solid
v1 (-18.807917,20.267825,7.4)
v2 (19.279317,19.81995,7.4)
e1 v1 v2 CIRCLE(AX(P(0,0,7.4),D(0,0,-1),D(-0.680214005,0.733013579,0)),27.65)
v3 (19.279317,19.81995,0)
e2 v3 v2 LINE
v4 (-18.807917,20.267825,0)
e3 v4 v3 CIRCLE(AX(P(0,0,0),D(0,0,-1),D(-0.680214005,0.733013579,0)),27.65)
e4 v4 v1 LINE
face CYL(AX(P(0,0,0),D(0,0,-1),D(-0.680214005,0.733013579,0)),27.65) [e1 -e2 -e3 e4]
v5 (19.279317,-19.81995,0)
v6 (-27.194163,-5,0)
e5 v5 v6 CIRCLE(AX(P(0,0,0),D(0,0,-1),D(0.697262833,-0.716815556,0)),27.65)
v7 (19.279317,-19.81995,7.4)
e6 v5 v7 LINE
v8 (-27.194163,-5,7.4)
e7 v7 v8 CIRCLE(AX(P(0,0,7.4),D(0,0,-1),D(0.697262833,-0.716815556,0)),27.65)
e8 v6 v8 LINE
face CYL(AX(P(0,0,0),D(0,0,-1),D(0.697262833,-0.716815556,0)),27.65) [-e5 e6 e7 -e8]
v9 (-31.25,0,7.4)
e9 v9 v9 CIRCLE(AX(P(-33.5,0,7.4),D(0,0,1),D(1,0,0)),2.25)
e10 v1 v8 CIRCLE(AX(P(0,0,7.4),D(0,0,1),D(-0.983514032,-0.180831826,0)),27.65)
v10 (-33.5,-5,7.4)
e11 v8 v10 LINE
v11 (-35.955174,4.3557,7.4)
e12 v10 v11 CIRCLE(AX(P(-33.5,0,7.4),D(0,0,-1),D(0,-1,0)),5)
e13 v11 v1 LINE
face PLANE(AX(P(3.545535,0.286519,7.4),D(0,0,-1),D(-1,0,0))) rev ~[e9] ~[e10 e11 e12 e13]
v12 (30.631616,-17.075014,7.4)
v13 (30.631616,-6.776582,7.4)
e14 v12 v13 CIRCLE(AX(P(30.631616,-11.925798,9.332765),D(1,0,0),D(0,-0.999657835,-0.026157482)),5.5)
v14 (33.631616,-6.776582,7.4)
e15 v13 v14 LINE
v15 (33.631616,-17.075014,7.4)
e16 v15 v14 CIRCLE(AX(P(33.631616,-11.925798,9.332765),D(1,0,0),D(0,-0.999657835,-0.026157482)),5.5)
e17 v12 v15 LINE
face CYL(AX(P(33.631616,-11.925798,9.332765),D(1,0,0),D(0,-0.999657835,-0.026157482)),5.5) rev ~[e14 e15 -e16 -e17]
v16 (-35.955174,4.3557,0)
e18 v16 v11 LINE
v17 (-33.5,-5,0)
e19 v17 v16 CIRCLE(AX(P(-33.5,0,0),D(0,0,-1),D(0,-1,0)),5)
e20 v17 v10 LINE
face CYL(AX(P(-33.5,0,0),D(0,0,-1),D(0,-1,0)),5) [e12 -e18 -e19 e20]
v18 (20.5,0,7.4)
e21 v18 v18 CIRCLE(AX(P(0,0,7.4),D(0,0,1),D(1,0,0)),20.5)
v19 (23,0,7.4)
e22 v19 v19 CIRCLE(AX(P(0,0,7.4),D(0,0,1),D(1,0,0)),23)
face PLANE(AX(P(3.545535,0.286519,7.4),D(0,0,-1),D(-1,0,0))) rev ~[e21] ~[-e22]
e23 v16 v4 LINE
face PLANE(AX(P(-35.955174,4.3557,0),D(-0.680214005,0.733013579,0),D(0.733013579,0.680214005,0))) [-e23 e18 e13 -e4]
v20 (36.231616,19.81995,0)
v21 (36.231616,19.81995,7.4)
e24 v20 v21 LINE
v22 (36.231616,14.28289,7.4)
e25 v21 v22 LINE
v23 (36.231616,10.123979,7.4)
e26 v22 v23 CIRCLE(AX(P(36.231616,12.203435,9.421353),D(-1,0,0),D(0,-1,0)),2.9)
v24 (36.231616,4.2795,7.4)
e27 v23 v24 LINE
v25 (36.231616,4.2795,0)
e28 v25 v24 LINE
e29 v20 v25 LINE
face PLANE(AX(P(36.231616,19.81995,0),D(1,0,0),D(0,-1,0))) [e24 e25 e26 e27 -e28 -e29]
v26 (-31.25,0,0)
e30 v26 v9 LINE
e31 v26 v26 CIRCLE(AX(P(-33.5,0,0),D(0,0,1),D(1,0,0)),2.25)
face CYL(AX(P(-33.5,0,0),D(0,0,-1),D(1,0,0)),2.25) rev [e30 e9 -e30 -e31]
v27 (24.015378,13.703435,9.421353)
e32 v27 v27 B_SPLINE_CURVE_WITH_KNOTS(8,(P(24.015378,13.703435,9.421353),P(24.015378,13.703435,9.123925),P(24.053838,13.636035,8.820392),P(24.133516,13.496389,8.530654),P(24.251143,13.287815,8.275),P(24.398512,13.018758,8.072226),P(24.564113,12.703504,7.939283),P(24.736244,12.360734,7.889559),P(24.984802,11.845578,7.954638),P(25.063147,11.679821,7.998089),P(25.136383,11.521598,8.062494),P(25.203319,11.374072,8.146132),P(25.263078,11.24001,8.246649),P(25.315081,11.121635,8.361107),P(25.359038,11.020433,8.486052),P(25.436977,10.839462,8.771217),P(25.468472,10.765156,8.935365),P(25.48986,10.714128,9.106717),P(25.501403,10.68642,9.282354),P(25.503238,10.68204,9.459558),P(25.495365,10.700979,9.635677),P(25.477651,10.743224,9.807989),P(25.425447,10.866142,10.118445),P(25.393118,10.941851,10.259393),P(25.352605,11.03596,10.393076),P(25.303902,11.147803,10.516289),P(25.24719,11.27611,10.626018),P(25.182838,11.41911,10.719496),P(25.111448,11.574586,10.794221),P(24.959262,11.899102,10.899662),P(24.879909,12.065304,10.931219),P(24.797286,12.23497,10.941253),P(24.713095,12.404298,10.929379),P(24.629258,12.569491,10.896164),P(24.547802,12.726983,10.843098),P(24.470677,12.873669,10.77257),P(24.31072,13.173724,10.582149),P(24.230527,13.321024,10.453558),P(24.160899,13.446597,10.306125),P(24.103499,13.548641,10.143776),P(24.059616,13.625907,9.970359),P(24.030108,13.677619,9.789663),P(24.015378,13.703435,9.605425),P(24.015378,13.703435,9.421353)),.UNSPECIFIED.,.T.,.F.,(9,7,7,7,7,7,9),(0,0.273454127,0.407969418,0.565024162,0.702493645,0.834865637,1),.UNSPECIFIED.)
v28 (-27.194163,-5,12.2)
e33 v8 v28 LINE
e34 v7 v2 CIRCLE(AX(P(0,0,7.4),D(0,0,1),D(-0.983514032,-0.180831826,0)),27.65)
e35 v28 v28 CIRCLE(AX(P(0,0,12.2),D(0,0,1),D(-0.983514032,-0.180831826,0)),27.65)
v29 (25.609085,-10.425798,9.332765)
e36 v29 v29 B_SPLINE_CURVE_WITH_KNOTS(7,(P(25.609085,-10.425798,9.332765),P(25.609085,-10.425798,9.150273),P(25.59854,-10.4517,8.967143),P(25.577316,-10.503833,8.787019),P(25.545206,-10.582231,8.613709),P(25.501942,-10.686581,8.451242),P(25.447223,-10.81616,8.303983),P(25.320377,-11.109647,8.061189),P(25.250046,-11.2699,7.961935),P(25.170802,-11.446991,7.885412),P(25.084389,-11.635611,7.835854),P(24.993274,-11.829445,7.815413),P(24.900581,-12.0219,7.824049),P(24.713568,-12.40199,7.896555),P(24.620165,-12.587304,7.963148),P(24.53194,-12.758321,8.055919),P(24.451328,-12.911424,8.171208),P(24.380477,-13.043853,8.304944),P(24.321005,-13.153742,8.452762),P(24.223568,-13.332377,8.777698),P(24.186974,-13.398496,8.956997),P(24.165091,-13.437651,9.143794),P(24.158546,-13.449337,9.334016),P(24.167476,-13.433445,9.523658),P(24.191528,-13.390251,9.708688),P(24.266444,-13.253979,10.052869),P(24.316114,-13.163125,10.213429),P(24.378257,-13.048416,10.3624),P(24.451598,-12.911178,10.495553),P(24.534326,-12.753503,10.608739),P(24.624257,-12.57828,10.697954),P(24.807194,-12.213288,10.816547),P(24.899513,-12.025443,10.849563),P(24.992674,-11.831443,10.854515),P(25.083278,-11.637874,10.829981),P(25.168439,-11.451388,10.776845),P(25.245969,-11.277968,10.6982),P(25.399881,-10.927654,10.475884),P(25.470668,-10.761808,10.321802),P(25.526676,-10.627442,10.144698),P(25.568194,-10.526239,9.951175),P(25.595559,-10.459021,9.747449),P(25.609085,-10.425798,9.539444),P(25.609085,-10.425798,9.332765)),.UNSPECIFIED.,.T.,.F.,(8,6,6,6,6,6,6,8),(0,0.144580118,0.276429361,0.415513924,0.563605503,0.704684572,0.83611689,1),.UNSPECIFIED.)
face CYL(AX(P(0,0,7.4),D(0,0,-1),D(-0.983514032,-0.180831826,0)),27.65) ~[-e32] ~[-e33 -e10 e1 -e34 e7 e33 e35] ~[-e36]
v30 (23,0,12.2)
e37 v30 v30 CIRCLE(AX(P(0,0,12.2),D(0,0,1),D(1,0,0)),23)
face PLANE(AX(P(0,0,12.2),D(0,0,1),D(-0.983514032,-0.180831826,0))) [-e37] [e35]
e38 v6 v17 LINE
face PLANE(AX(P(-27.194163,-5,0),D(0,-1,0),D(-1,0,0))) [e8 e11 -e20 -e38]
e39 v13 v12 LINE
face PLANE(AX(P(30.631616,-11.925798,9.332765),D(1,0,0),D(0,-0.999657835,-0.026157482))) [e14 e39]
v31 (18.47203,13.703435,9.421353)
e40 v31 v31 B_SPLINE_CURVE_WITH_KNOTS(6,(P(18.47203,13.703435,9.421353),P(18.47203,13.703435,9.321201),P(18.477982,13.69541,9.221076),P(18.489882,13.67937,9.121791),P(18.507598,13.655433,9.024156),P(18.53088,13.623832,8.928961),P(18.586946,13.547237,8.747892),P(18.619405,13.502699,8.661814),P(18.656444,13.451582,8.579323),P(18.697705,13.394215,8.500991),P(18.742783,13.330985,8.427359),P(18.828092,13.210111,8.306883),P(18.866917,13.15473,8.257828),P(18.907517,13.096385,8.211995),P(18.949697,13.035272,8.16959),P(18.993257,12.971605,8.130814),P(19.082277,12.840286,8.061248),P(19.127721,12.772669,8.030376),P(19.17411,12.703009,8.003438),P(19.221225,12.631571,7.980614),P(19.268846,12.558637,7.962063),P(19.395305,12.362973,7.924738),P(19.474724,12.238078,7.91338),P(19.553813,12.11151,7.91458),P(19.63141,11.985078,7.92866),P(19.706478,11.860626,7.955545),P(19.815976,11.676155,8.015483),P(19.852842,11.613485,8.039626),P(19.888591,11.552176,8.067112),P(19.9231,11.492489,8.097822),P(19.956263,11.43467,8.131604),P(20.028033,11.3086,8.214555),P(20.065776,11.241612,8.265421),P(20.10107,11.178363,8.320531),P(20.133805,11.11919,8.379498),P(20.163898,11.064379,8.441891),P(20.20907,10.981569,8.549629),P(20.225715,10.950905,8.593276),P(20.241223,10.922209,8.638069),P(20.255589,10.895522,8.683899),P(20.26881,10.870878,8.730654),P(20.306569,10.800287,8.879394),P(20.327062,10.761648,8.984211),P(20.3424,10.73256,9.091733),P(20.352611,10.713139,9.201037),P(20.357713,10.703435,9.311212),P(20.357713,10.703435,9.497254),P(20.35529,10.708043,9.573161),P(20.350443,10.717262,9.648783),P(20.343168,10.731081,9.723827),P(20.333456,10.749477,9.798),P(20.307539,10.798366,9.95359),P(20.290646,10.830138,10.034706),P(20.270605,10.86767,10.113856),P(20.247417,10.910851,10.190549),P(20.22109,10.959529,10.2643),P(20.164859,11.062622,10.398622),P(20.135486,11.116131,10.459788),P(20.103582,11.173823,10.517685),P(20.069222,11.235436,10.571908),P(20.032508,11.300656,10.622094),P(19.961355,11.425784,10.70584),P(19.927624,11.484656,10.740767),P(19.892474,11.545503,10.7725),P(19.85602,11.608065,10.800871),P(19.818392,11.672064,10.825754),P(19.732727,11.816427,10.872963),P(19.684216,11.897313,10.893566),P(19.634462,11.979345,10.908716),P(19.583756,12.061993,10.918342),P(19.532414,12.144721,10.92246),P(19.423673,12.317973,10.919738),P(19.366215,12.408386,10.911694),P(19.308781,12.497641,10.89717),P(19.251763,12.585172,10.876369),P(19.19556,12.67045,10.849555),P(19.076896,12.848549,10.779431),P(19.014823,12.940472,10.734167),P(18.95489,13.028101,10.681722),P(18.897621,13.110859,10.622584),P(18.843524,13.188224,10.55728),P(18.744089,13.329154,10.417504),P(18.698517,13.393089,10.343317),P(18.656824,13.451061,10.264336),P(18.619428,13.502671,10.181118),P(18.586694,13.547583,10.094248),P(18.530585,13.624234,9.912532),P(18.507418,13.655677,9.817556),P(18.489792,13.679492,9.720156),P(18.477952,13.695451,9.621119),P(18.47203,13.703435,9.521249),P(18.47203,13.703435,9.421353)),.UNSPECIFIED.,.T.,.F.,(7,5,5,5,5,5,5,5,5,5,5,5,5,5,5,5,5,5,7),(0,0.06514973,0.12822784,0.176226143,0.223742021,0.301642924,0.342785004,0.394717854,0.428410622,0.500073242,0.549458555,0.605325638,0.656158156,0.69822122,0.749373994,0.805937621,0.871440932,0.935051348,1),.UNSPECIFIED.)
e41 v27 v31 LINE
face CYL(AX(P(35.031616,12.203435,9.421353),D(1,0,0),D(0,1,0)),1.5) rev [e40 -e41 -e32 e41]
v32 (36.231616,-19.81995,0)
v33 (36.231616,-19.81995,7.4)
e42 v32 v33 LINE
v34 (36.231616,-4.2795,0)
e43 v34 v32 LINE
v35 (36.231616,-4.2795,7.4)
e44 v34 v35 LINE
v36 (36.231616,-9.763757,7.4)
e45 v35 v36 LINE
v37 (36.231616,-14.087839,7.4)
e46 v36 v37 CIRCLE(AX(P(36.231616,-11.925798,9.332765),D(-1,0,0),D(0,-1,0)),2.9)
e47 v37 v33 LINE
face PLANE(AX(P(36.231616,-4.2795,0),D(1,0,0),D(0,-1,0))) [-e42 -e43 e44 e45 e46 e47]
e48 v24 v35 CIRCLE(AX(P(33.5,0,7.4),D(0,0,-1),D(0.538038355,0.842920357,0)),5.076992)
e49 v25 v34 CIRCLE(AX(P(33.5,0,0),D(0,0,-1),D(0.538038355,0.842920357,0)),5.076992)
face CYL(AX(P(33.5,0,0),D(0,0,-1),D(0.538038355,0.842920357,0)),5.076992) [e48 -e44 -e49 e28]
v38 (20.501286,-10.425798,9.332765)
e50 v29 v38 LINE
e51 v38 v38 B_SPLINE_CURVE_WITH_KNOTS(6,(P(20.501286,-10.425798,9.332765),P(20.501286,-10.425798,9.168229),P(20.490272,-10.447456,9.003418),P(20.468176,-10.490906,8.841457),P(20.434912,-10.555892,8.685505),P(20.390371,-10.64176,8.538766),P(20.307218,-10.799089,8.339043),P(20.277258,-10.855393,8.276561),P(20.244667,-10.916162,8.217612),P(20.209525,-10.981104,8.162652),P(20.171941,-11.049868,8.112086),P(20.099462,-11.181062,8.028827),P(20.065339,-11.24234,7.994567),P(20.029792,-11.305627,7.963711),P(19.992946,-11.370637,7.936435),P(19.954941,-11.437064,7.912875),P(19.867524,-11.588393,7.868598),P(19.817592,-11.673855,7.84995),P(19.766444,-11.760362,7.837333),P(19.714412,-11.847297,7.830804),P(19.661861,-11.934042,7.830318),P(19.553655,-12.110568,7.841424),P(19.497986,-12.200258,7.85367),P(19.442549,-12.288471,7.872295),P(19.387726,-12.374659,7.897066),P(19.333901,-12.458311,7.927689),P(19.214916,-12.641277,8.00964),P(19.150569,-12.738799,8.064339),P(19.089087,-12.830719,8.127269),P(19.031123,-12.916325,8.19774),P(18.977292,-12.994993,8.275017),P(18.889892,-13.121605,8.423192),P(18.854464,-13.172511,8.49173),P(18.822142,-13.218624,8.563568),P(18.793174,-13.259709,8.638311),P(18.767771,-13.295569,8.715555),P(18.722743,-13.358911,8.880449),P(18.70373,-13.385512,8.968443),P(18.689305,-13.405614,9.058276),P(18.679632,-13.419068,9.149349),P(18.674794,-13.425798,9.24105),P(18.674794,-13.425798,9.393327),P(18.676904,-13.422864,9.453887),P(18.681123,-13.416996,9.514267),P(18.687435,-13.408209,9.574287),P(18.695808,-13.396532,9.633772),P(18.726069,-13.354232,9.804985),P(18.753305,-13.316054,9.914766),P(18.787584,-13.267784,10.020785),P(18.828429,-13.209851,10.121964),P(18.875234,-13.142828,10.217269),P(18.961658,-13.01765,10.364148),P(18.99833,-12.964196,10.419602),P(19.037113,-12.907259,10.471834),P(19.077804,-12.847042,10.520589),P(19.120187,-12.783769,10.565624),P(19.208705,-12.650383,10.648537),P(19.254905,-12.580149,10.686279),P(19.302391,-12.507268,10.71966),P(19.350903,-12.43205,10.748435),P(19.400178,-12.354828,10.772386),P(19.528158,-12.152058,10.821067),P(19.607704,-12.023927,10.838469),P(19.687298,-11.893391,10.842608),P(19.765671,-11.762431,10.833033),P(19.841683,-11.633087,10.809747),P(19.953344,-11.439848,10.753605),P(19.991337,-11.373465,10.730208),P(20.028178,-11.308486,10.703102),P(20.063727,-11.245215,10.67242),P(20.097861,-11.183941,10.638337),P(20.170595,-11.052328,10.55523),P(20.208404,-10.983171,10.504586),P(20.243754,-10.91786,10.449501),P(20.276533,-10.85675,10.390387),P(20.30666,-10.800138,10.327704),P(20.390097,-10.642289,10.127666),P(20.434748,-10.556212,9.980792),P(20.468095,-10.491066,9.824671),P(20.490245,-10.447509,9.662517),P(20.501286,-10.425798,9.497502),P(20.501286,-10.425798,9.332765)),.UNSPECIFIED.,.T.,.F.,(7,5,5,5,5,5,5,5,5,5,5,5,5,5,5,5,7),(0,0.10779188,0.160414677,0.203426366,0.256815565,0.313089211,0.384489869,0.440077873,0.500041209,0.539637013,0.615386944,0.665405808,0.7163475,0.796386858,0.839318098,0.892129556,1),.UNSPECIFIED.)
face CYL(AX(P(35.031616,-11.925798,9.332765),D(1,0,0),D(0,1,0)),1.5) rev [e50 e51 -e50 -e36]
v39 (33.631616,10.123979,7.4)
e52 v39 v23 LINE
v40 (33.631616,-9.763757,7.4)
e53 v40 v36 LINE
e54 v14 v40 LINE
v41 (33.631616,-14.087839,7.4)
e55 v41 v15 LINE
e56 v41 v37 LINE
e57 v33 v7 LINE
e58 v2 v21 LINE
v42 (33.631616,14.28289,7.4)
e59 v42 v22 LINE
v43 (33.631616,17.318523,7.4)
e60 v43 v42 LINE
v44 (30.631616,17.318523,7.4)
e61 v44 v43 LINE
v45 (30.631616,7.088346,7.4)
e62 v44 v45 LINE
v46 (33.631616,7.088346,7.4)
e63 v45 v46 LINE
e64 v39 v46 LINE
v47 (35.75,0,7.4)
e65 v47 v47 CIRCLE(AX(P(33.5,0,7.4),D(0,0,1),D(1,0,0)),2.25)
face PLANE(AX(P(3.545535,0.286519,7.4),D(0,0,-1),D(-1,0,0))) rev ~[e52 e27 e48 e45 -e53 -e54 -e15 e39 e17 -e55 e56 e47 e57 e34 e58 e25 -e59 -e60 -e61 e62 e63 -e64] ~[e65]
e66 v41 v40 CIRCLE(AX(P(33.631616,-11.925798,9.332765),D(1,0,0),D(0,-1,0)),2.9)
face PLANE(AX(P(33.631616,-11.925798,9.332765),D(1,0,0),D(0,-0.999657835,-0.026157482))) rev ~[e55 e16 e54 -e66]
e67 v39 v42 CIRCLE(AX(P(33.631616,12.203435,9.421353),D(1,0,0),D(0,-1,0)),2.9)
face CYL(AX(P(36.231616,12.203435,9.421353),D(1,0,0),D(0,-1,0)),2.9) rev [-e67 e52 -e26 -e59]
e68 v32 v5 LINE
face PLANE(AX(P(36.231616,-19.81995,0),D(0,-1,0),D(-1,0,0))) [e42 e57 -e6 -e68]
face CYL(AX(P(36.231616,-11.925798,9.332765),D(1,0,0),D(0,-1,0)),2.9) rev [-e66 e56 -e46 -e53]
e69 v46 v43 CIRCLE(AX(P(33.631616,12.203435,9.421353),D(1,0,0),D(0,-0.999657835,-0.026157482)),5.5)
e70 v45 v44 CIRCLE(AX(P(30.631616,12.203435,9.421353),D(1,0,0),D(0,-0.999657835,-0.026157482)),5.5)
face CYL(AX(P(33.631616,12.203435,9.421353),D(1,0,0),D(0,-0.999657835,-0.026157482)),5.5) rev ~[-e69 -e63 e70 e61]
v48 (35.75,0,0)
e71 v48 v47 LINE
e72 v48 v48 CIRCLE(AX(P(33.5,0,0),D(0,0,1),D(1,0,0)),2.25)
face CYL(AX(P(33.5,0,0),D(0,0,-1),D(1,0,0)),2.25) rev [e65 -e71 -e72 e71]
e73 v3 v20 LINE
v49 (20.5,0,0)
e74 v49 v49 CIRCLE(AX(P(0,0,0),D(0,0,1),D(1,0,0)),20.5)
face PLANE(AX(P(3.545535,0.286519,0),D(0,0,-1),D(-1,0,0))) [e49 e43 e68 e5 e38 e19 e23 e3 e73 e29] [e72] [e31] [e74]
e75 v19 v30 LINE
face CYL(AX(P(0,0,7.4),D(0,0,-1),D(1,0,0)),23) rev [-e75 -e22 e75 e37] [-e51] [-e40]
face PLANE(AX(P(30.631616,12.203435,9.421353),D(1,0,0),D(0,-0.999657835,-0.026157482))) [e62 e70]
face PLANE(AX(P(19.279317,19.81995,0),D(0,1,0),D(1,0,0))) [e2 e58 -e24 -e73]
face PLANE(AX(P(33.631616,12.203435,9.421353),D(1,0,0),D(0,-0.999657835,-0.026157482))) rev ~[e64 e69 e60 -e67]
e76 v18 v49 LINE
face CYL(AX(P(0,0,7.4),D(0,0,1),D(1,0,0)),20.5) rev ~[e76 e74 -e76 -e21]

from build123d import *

# Parameters (mm, degrees)
CROQUIS1_R                 = 2.25
SALIENTE_EXTRUIR1_DEPTH    = 7.4
CROQUIS4_R                 = 5.5
CORTAR_EXTRUIR2_DEPTH      = 3
CROQUIS5_R                 = 2.9
CORTAR_EXTRUIR3_DEPTH      = 4
CROQUIS2_R                 = 20.5
CORTAR_EXTRUIR1_DEPTH      = 49.036098674
CROQUIS3_R                 = 27.65
CROQUIS3_R_2               = 23
SALIENTE_EXTRUIR2_DEPTH    = 4.8
CORTAR_EXTRUIR4_DEPTH      = 20
CORTAR_EXTRUIR4_DEPTH_BACK = 9
CROQUIS6_R                 = 1.5


with BuildPart() as part:
    # Croquis1 → Saliente-Extruir1 (new body)
    with BuildSketch(Plane.XY):
        with BuildLine():
            Line((-35.955174002, 4.355699785), (-18.80791724, 20.267825466))
            ThreePointArc((-18.80791724, 20.267825466), (0.325119352, 27.648088495), (19.279317337, 19.819950126))
            Line((19.279317337, 19.819950126), (36.231616172, 19.819950126))
            Line((36.231616172, 19.819950126), (36.231616172, 4.279499518))
            ThreePointArc((36.231616172, 4.279499518), (38.576991534, 0), (36.231616172, -4.279499518))
            Line((36.231616172, -4.279499518), (36.231616172, -19.819950126))
            Line((36.231616172, -19.819950126), (19.279317337, -19.819950126))
            ThreePointArc((19.279317337, -19.819950126), (-8.400531281, -26.34299858), (-27.194162977, -5))
            Line((-27.194162977, -5), (-33.5, -5))
            ThreePointArc((-33.5, -5), (-38.336243321, -1.269153473), (-35.955174002, 4.355699785))
        make_face()
        with Locations((-33.5, 0)):
            Circle(CROQUIS1_R, mode=Mode.SUBTRACT)
        with Locations((33.5, 0)):
            Circle(CROQUIS1_R, mode=Mode.SUBTRACT)
    extrude(amount=SALIENTE_EXTRUIR1_DEPTH)

    # Croquis4 → Cortar-Extruir2 (cut)
    with BuildSketch(Plane(origin=(33.631616172, 0, 0), x_dir=(0, -0.9996578345310084, -0.026157481927263488), z_dir=(1, 0, 0))):
        with Locations((-12.445697835, -9.09891785)):
            Circle(CROQUIS4_R)
        with Locations((11.67759578, -9.64152027)):
            Circle(CROQUIS4_R)
    extrude(amount=-CORTAR_EXTRUIR2_DEPTH, mode=Mode.SUBTRACT)

    # Croquis5 → Cortar-Extruir3 (cut)
    with BuildSketch(Plane(origin=(36.231616172, 0, 0), x_dir=(0, -1, 0), z_dir=(-1, 0, 0))):
        with Locations((-12.203434568, 9.42135263)):
            Circle(CROQUIS5_R)
        with Locations((11.925798003, 9.332764774)):
            Circle(CROQUIS5_R)
    extrude(amount=CORTAR_EXTRUIR3_DEPTH, mode=Mode.SUBTRACT)

    # Croquis2 → Cortar-Extruir1 (cut, through all)
    with BuildSketch(Plane.XY.offset(7.4)):
        Circle(CROQUIS2_R)
    extrude(amount=-CORTAR_EXTRUIR1_DEPTH, mode=Mode.SUBTRACT)

    # Croquis3 → Saliente-Extruir2 (add)
    with BuildSketch(Plane.XY.offset(7.4)):
        with Locations(Location((0, 0, 0), (0, 0, 190.41821508))):
            Circle(CROQUIS3_R)
        Circle(CROQUIS3_R_2, mode=Mode.SUBTRACT)
    extrude(amount=SALIENTE_EXTRUIR2_DEPTH)

    # Croquis6 → Cortar-Extruir4 (cut, two sides: drawn at the far end of the back side and taken through both)
    with BuildSketch(Plane(origin=(26.031616172, 0, 0), x_dir=(0, -1, 0), z_dir=(-1, 0, 0)).offset(-CORTAR_EXTRUIR4_DEPTH_BACK)):
        with Locations(Location((-12.203434568, 9.42135263, 0), (0, 0, 180))):
            Circle(CROQUIS6_R)
        with Locations(Location((11.925798003, 9.332764774, 0), (0, 0, 180))):
            Circle(CROQUIS6_R)
    extrude(amount=CORTAR_EXTRUIR4_DEPTH + CORTAR_EXTRUIR4_DEPTH_BACK, mode=Mode.SUBTRACT)


solid = part.part
